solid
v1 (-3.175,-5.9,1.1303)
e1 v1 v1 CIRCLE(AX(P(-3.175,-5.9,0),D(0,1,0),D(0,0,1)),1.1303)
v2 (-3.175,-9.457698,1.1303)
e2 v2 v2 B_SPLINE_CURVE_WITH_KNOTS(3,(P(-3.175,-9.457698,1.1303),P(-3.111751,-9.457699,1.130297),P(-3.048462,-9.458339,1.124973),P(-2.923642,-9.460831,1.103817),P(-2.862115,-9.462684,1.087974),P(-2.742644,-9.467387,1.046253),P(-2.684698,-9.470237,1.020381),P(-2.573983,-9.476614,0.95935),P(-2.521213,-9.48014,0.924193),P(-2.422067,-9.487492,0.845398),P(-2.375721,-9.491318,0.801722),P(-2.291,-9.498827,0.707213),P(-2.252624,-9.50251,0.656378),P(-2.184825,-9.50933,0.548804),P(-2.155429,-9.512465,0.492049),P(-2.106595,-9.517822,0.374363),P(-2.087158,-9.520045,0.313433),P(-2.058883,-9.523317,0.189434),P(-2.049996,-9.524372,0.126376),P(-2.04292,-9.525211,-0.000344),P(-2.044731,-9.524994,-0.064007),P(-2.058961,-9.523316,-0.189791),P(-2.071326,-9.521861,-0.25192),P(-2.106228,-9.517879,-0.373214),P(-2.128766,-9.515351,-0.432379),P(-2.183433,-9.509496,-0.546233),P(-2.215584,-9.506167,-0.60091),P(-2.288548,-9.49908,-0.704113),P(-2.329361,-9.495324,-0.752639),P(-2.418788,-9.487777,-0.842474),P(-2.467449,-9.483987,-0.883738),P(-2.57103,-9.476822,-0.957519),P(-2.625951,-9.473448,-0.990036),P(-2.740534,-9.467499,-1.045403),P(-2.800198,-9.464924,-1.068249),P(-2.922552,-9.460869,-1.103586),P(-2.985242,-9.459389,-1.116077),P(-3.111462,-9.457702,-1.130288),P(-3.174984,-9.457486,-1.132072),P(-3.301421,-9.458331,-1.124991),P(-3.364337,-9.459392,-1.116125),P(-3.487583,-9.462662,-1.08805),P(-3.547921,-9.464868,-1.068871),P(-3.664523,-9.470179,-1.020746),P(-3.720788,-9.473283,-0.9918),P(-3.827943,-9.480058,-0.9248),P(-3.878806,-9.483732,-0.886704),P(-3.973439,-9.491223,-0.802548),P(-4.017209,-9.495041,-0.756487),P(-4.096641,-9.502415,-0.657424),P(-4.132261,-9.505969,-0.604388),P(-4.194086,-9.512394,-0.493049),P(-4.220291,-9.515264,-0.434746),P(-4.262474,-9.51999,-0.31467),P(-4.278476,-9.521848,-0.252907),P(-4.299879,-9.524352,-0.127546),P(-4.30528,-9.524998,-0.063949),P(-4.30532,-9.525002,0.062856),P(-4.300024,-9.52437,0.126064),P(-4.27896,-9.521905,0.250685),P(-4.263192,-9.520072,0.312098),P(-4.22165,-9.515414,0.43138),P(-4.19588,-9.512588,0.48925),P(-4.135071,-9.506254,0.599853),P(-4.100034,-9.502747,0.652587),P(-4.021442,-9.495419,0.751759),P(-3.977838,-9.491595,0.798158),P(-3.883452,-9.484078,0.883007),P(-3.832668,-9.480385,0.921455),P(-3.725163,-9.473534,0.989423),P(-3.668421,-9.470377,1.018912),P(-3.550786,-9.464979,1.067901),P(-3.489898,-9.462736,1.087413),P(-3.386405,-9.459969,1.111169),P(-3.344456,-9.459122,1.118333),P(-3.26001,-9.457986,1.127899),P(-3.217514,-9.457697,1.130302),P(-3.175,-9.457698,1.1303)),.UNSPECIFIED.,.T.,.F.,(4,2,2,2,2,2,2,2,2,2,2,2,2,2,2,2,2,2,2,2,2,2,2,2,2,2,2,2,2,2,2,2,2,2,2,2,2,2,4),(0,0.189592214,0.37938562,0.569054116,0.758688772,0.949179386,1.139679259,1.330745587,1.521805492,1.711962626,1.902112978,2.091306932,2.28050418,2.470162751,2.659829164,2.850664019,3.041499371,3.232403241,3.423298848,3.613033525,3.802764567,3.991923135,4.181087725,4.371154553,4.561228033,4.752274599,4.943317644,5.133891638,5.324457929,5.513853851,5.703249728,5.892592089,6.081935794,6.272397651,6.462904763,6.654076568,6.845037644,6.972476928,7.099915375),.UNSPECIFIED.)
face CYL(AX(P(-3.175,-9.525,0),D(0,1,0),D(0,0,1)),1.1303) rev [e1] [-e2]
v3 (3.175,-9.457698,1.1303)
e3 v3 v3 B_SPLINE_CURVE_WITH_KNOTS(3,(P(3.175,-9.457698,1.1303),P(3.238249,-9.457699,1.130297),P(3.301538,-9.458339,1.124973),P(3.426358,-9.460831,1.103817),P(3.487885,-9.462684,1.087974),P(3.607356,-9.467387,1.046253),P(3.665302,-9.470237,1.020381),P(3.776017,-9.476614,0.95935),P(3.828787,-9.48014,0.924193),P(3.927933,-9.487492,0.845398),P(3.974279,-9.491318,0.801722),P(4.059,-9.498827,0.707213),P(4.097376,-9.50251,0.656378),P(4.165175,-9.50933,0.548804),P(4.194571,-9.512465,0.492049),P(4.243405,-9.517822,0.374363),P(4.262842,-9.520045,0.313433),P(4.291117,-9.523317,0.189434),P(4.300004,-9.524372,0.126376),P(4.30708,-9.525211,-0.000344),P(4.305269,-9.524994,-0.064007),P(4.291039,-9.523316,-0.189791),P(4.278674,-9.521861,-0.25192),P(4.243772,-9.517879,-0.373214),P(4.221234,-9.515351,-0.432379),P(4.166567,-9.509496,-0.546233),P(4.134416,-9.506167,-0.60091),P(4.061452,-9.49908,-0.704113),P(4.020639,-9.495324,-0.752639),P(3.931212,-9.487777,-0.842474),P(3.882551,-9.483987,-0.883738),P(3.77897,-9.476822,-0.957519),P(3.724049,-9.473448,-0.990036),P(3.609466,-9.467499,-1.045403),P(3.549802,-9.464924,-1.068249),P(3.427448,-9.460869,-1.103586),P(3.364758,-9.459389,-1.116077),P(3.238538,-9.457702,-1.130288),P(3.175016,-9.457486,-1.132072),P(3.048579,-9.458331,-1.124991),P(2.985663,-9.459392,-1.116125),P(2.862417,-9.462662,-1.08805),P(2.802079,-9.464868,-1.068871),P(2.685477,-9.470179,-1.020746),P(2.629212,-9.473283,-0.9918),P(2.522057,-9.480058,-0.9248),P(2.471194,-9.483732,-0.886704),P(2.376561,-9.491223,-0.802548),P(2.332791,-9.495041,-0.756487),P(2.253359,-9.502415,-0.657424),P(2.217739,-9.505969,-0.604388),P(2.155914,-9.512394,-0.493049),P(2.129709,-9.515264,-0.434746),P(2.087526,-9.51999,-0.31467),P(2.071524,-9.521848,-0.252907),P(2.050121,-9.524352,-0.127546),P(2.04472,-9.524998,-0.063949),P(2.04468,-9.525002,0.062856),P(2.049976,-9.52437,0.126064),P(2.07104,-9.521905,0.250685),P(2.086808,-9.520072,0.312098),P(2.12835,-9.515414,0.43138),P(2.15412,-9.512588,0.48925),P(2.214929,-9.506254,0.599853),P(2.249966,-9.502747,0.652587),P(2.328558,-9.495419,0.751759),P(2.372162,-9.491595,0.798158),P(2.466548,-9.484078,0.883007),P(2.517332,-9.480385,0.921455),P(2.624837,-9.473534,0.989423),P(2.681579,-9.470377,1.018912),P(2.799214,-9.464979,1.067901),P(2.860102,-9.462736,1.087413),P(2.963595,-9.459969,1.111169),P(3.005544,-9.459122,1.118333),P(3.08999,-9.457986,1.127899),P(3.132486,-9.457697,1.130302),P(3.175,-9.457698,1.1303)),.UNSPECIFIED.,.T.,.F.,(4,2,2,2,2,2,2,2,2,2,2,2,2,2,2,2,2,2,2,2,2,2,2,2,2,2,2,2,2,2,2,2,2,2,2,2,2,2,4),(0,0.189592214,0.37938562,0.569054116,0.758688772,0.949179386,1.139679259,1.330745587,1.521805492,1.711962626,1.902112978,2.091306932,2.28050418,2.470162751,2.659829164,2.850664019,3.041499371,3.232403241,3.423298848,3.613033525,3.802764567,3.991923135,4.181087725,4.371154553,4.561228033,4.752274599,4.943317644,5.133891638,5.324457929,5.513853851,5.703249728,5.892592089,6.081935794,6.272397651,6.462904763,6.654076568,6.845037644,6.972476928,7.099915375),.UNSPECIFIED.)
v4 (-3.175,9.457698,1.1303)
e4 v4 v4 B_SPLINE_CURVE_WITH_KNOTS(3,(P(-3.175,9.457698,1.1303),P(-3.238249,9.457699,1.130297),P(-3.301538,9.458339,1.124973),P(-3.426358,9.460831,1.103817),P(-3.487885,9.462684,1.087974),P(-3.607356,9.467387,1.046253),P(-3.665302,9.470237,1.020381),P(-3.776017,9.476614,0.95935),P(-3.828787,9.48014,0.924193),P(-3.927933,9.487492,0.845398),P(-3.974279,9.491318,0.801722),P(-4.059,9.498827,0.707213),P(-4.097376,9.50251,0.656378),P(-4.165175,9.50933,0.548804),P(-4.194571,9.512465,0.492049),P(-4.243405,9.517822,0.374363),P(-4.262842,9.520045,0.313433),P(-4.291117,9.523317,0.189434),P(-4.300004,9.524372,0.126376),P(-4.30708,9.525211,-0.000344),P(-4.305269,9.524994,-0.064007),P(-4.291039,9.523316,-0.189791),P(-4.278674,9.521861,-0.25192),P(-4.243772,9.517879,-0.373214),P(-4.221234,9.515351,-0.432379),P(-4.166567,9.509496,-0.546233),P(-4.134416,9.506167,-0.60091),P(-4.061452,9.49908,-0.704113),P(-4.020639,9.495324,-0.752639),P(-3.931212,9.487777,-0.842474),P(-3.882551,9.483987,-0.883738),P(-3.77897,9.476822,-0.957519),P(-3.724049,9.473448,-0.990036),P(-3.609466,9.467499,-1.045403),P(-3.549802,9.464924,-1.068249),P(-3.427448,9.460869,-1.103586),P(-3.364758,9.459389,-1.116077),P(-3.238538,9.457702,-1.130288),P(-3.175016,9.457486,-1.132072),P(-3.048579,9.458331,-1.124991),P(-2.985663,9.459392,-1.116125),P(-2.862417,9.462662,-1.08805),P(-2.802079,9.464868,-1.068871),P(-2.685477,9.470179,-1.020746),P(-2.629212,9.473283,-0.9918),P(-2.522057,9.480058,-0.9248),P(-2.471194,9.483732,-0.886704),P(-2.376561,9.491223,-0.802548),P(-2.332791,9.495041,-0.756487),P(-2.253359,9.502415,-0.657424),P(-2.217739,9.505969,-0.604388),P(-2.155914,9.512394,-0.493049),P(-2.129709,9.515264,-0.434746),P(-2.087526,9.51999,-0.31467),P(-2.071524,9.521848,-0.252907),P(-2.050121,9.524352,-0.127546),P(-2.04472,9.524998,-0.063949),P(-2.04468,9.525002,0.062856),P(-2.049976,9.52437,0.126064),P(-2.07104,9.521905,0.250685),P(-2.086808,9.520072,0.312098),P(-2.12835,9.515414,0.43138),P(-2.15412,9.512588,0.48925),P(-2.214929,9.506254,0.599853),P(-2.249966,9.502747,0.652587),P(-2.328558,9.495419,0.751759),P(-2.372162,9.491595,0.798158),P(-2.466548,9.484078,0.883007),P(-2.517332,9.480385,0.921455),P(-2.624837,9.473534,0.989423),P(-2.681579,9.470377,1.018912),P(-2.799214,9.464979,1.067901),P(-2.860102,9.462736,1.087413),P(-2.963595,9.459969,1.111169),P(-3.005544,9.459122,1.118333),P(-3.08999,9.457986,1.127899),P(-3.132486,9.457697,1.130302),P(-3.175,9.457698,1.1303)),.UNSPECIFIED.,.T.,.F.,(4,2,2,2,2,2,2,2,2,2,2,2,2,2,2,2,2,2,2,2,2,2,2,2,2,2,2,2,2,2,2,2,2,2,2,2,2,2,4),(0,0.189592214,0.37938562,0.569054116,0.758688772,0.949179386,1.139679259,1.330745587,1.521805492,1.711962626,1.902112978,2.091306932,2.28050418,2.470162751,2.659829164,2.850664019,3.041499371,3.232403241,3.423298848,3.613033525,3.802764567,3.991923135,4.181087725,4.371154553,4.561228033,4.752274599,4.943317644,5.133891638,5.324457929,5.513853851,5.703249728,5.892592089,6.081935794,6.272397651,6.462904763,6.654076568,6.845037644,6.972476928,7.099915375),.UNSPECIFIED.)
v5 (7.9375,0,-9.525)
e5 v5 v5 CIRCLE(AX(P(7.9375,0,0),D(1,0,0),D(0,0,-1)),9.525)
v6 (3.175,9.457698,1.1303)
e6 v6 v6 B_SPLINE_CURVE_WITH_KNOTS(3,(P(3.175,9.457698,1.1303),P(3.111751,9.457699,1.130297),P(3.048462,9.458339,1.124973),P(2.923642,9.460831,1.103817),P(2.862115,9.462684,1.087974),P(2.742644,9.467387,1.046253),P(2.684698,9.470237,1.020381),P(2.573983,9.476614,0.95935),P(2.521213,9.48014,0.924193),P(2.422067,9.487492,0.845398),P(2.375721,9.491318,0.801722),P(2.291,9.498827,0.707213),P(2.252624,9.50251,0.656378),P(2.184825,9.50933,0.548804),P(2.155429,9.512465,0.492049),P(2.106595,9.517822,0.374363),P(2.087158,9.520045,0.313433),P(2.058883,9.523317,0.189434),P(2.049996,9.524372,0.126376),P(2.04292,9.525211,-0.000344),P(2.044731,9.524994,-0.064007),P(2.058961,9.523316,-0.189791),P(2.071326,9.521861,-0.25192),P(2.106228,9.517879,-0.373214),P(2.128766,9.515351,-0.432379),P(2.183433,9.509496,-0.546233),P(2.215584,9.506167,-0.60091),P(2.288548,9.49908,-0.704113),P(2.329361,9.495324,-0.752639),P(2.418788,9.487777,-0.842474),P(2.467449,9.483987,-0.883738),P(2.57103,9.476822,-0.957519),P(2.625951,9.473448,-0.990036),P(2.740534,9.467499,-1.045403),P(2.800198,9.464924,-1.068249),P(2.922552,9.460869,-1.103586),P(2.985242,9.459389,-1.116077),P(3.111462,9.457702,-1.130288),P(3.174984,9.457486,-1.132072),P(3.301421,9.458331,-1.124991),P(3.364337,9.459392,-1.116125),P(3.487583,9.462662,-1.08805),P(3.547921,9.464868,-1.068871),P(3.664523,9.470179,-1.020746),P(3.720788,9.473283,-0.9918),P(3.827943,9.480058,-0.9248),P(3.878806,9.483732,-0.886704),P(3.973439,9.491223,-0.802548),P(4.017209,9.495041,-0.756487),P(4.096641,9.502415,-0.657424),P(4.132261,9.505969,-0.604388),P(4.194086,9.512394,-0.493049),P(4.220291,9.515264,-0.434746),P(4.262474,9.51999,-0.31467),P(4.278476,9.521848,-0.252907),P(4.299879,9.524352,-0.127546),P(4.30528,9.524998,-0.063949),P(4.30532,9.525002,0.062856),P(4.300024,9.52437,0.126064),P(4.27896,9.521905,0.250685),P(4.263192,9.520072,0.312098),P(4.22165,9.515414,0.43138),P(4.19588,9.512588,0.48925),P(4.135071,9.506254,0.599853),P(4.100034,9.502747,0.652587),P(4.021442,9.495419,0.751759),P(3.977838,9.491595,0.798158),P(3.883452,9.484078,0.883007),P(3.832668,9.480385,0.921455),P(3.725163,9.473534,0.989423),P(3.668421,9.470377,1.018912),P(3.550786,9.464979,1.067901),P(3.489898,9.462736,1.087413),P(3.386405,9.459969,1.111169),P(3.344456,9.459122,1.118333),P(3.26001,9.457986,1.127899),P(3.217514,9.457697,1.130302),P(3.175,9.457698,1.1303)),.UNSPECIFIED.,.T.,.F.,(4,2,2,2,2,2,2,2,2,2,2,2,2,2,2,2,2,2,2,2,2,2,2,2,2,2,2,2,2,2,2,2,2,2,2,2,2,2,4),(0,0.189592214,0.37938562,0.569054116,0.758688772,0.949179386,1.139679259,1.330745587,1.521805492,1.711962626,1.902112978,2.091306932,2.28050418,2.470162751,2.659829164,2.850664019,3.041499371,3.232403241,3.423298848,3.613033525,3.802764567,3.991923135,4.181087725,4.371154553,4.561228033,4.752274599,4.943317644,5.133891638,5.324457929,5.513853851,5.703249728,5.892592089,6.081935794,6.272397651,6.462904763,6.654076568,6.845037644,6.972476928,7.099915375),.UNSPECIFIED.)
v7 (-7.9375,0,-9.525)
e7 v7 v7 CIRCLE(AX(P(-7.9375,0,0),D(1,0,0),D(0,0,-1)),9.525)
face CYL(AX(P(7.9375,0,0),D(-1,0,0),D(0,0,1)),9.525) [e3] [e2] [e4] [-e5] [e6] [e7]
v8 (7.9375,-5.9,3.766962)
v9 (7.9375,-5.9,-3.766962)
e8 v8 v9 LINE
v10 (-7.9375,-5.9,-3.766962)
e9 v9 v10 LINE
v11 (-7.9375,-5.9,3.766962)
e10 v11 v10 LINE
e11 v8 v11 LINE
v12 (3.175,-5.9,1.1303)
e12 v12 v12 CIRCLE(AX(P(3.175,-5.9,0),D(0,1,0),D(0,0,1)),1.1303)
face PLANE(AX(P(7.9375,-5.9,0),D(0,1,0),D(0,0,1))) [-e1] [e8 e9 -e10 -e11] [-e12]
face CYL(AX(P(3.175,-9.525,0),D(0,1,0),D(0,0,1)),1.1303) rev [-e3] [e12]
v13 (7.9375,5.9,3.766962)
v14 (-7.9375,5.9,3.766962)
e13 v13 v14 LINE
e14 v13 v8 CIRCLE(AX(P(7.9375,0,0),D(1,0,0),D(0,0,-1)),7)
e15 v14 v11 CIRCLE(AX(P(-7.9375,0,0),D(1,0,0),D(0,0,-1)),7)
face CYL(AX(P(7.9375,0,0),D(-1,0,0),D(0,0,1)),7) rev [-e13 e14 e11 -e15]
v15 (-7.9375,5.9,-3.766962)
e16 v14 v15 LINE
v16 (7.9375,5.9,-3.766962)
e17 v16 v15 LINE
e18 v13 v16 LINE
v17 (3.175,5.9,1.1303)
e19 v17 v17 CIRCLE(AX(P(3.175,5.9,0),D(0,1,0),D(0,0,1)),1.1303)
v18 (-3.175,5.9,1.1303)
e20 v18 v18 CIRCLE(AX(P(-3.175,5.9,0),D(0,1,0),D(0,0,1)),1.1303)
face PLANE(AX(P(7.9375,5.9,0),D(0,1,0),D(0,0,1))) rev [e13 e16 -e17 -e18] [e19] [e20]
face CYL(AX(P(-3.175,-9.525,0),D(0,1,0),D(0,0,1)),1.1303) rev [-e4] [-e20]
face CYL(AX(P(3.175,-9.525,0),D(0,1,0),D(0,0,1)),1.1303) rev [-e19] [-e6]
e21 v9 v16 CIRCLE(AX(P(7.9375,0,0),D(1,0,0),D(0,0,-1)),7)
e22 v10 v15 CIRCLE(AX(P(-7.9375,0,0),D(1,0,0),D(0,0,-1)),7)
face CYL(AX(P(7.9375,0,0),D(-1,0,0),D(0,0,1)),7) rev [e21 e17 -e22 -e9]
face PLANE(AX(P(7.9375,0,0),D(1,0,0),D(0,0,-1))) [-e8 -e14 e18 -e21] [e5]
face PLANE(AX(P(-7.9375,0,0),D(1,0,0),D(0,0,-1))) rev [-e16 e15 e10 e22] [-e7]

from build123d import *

# Parameters (mm, degrees)
SKETCH1_R               = 9.525
BOSS_EXTRUDE1_DEPTH     = 7.9375
SKETCH2_R               = 1.1303
CUT_EXTRUDE1_DEPTH      = 1
CUT_EXTRUDE1_DEPTH_BACK = 20.05


with BuildPart() as part:
    # Sketch1 → Boss-Extrude1 (new body, symmetric)
    with BuildSketch(Plane(origin=(0, 0, 0), x_dir=(0, 0, -1), z_dir=(1, 0, 0))):
        Circle(SKETCH1_R)
        with BuildLine():
            Line((-3.76696164, 5.9), (3.76696164, 5.9))
            ThreePointArc((3.76696164, 5.9), (7, 0), (3.76696164, -5.9))
            Line((3.76696164, -5.9), (-3.76696164, -5.9))
            ThreePointArc((-3.76696164, -5.9), (-7, 0), (-3.76696164, 5.9))
        make_face(mode=Mode.SUBTRACT)
    extrude(amount=BOSS_EXTRUDE1_DEPTH, both=True)

    # Sketch2 → Cut-Extrude1 (cut, two sides)
    with BuildSketch(Plane(origin=(0, 9.525, 0), x_dir=(1, 0, 0), z_dir=(0, 1, 0))) as cut_extrude1_sk:
        with Locations((-3.175, 0)):
            Circle(SKETCH2_R)
        with Locations((3.175, 0)):
            Circle(SKETCH2_R)
    extrude(amount=CUT_EXTRUDE1_DEPTH, mode=Mode.SUBTRACT)
    extrude(cut_extrude1_sk.sketch, amount=-CUT_EXTRUDE1_DEPTH_BACK, mode=Mode.SUBTRACT)


solid = part.part
